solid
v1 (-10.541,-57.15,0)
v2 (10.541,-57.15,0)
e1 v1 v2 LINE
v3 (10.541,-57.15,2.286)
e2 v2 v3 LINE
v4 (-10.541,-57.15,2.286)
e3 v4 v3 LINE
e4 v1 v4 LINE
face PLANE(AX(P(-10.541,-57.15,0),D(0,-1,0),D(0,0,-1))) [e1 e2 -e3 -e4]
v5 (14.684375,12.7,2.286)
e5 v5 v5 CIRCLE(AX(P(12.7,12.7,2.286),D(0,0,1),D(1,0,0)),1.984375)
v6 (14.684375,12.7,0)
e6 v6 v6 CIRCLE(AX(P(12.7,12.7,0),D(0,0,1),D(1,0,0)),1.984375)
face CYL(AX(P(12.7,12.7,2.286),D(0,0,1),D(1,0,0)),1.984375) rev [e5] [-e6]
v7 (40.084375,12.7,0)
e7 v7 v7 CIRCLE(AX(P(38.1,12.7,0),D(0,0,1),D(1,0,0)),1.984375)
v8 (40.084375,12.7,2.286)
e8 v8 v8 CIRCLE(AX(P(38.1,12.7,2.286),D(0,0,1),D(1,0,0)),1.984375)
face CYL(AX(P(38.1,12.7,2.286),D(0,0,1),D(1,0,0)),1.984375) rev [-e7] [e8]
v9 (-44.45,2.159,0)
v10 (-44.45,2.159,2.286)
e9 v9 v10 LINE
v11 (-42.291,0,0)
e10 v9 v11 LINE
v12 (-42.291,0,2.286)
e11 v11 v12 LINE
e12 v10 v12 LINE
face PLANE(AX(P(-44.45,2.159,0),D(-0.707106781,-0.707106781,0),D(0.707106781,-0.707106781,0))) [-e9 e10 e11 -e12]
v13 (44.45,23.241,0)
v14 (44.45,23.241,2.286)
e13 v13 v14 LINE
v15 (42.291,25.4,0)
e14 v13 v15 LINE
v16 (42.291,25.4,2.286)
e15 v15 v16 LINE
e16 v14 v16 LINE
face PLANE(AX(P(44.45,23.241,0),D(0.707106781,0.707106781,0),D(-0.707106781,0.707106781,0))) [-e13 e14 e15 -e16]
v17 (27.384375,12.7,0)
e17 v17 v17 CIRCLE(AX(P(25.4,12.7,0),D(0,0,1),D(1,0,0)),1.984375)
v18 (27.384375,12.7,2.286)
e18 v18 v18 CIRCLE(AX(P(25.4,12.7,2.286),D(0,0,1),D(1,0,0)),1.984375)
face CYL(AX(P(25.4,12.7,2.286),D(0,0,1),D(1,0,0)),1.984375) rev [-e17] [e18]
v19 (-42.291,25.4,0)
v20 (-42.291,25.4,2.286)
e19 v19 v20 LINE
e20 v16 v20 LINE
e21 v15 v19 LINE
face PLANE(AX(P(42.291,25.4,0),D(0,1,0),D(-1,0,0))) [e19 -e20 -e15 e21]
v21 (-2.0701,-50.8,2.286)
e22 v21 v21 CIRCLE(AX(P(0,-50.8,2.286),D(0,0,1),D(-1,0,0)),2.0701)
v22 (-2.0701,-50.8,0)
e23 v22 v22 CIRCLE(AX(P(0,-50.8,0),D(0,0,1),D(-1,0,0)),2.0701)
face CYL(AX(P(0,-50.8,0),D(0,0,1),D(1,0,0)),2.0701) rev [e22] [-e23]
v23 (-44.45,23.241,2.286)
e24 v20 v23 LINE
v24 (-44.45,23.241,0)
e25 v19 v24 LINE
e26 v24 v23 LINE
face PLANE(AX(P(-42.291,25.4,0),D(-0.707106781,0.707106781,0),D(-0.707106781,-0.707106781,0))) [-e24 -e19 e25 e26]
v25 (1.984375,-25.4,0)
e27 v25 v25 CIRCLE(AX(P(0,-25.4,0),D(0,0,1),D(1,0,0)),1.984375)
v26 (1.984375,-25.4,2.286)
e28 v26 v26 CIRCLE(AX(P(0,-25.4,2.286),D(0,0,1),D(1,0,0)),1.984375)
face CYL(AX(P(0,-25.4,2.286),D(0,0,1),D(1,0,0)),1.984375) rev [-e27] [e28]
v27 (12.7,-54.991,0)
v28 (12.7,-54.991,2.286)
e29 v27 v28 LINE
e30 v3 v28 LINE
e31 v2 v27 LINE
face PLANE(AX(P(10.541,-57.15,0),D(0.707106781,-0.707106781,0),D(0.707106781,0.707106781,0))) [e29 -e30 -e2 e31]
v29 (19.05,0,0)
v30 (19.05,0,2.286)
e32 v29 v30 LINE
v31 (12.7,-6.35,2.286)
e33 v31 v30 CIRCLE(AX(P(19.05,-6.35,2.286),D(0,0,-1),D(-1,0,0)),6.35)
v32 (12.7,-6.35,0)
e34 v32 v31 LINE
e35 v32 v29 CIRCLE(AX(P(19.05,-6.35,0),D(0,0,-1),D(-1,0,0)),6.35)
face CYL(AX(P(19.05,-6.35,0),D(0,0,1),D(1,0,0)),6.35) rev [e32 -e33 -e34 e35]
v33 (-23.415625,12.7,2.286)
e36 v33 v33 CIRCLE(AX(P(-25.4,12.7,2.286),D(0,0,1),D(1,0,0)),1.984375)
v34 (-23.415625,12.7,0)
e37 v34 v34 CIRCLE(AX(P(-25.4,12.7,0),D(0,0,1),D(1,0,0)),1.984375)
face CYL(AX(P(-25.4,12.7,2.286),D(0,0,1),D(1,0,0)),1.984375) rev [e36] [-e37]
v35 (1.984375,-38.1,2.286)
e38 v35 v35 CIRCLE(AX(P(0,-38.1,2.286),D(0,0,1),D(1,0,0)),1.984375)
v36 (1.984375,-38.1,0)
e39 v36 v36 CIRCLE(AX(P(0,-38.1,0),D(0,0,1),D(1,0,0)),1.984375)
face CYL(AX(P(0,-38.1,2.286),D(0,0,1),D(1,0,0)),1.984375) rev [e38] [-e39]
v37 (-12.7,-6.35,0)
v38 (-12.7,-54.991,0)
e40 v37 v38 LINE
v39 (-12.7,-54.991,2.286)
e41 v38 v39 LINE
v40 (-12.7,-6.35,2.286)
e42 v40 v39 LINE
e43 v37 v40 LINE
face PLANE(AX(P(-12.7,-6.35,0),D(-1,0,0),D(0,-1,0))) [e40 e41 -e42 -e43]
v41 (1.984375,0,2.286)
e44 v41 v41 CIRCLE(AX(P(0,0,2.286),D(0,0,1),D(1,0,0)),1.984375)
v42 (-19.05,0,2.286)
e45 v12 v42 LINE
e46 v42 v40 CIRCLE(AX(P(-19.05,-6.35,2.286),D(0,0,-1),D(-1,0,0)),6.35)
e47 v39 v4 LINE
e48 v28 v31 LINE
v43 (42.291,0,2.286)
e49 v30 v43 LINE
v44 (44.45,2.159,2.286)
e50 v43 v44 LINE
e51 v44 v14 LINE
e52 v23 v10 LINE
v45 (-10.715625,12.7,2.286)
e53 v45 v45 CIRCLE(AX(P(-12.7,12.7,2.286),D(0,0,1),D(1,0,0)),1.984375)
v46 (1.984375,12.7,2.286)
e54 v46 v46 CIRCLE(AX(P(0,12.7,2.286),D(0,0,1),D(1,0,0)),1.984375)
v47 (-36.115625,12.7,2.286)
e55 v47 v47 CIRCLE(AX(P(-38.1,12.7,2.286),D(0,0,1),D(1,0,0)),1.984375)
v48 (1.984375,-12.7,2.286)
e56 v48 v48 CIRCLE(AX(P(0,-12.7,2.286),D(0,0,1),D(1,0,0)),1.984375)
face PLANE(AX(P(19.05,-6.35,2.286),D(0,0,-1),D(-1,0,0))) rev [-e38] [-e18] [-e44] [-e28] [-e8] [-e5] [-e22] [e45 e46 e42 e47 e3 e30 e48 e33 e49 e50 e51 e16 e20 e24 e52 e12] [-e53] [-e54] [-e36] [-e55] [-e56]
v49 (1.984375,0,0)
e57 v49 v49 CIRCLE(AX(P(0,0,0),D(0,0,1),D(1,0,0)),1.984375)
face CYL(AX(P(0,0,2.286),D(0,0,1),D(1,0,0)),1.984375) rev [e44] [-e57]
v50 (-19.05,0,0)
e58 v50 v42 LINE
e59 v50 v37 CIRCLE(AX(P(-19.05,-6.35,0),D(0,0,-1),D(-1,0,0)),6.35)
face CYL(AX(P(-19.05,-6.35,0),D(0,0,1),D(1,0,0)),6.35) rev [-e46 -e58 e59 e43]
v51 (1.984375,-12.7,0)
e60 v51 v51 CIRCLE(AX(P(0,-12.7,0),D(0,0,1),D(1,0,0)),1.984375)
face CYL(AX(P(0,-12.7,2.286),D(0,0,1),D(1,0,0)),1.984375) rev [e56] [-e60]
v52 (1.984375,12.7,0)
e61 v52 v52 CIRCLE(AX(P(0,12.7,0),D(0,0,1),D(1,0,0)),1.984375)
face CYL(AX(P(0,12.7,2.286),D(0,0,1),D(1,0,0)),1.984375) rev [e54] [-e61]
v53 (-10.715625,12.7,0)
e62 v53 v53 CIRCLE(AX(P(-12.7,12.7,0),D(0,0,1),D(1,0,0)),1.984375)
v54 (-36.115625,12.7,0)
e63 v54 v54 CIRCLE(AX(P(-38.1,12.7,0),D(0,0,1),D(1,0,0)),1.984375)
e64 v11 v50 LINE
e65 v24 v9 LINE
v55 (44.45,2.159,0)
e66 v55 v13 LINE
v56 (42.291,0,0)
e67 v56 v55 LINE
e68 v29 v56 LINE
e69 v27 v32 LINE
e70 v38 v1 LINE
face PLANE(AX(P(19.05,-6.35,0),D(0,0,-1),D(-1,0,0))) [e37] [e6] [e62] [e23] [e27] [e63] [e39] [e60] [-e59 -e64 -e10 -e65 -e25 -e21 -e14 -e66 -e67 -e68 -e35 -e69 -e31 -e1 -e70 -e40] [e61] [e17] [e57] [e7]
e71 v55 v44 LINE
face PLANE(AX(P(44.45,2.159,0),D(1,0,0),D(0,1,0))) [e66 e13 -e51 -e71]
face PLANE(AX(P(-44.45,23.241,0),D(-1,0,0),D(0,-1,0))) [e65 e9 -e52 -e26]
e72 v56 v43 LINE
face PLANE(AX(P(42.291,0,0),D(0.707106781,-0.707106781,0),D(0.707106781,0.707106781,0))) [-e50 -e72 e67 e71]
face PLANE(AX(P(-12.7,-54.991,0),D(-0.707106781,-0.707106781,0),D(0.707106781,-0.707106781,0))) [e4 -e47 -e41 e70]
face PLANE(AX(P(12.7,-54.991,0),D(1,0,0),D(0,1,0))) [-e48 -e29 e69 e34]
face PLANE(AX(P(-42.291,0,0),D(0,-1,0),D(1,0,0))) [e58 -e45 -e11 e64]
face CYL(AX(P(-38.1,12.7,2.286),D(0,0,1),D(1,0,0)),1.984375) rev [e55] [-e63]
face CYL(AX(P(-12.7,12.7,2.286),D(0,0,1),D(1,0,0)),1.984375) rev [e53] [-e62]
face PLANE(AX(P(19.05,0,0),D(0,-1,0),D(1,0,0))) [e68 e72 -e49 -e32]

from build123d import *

# Parameters (mm, degrees)
SKETCH1_R                       = 2.0701
BOSS_EXTRUDE1_DEPTH             = 2.286
F_5_32_0_15625_DIAMETER_HOLE1_D = 3.96875


with BuildPart() as part:
    # Sketch1 → Boss-Extrude1 (new body)
    with BuildSketch(Plane.XY.offset(2.286)):
        with BuildLine():
            Line((12.7, -54.991), (12.7, -6.35))
            ThreePointArc((12.7, -6.35), (14.559871939, -1.859871939), (19.05, 0))
            Line((19.05, 0), (42.291, 0))
            Line((42.291, 0), (44.45, 2.159))
            Line((44.45, 2.159), (44.45, 23.241))
            Line((44.45, 23.241), (42.291, 25.4))
            Line((42.291, 25.4), (-42.291, 25.4))
            Line((-42.291, 25.4), (-44.45, 23.241))
            Line((-44.45, 23.241), (-44.45, 2.159))
            Line((-44.45, 2.159), (-42.291, 0))
            Line((-42.291, 0), (-19.05, 0))
            ThreePointArc((-19.05, 0), (-14.559871939, -1.859871939), (-12.7, -6.35))
            Line((-12.7, -6.35), (-12.7, -54.991))
            Line((-12.7, -54.991), (-10.541, -57.15))
            Line((-10.541, -57.15), (10.541, -57.15))
            Line((10.541, -57.15), (12.7, -54.991))
        make_face()
        with Locations((0, -50.8)):
            Circle(SKETCH1_R, mode=Mode.SUBTRACT)
    extrude(amount=-BOSS_EXTRUDE1_DEPTH)

    # 5/32 (0.15625) Diameter Hole1 (through all)
    with Locations(Plane.XY.offset(2.286)):
        with Locations((-38.1, 12.7), (-25.4, 12.7), (-12.7, 12.7), (0, 12.7), (12.7, 12.7), (25.4, 12.7), (38.1, 12.7), (0, 0), (0, -12.7), (0, -25.4), (0, -38.1), (0, -50.8)):
            Hole(F_5_32_0_15625_DIAMETER_HOLE1_D / 2)


solid = part.part
